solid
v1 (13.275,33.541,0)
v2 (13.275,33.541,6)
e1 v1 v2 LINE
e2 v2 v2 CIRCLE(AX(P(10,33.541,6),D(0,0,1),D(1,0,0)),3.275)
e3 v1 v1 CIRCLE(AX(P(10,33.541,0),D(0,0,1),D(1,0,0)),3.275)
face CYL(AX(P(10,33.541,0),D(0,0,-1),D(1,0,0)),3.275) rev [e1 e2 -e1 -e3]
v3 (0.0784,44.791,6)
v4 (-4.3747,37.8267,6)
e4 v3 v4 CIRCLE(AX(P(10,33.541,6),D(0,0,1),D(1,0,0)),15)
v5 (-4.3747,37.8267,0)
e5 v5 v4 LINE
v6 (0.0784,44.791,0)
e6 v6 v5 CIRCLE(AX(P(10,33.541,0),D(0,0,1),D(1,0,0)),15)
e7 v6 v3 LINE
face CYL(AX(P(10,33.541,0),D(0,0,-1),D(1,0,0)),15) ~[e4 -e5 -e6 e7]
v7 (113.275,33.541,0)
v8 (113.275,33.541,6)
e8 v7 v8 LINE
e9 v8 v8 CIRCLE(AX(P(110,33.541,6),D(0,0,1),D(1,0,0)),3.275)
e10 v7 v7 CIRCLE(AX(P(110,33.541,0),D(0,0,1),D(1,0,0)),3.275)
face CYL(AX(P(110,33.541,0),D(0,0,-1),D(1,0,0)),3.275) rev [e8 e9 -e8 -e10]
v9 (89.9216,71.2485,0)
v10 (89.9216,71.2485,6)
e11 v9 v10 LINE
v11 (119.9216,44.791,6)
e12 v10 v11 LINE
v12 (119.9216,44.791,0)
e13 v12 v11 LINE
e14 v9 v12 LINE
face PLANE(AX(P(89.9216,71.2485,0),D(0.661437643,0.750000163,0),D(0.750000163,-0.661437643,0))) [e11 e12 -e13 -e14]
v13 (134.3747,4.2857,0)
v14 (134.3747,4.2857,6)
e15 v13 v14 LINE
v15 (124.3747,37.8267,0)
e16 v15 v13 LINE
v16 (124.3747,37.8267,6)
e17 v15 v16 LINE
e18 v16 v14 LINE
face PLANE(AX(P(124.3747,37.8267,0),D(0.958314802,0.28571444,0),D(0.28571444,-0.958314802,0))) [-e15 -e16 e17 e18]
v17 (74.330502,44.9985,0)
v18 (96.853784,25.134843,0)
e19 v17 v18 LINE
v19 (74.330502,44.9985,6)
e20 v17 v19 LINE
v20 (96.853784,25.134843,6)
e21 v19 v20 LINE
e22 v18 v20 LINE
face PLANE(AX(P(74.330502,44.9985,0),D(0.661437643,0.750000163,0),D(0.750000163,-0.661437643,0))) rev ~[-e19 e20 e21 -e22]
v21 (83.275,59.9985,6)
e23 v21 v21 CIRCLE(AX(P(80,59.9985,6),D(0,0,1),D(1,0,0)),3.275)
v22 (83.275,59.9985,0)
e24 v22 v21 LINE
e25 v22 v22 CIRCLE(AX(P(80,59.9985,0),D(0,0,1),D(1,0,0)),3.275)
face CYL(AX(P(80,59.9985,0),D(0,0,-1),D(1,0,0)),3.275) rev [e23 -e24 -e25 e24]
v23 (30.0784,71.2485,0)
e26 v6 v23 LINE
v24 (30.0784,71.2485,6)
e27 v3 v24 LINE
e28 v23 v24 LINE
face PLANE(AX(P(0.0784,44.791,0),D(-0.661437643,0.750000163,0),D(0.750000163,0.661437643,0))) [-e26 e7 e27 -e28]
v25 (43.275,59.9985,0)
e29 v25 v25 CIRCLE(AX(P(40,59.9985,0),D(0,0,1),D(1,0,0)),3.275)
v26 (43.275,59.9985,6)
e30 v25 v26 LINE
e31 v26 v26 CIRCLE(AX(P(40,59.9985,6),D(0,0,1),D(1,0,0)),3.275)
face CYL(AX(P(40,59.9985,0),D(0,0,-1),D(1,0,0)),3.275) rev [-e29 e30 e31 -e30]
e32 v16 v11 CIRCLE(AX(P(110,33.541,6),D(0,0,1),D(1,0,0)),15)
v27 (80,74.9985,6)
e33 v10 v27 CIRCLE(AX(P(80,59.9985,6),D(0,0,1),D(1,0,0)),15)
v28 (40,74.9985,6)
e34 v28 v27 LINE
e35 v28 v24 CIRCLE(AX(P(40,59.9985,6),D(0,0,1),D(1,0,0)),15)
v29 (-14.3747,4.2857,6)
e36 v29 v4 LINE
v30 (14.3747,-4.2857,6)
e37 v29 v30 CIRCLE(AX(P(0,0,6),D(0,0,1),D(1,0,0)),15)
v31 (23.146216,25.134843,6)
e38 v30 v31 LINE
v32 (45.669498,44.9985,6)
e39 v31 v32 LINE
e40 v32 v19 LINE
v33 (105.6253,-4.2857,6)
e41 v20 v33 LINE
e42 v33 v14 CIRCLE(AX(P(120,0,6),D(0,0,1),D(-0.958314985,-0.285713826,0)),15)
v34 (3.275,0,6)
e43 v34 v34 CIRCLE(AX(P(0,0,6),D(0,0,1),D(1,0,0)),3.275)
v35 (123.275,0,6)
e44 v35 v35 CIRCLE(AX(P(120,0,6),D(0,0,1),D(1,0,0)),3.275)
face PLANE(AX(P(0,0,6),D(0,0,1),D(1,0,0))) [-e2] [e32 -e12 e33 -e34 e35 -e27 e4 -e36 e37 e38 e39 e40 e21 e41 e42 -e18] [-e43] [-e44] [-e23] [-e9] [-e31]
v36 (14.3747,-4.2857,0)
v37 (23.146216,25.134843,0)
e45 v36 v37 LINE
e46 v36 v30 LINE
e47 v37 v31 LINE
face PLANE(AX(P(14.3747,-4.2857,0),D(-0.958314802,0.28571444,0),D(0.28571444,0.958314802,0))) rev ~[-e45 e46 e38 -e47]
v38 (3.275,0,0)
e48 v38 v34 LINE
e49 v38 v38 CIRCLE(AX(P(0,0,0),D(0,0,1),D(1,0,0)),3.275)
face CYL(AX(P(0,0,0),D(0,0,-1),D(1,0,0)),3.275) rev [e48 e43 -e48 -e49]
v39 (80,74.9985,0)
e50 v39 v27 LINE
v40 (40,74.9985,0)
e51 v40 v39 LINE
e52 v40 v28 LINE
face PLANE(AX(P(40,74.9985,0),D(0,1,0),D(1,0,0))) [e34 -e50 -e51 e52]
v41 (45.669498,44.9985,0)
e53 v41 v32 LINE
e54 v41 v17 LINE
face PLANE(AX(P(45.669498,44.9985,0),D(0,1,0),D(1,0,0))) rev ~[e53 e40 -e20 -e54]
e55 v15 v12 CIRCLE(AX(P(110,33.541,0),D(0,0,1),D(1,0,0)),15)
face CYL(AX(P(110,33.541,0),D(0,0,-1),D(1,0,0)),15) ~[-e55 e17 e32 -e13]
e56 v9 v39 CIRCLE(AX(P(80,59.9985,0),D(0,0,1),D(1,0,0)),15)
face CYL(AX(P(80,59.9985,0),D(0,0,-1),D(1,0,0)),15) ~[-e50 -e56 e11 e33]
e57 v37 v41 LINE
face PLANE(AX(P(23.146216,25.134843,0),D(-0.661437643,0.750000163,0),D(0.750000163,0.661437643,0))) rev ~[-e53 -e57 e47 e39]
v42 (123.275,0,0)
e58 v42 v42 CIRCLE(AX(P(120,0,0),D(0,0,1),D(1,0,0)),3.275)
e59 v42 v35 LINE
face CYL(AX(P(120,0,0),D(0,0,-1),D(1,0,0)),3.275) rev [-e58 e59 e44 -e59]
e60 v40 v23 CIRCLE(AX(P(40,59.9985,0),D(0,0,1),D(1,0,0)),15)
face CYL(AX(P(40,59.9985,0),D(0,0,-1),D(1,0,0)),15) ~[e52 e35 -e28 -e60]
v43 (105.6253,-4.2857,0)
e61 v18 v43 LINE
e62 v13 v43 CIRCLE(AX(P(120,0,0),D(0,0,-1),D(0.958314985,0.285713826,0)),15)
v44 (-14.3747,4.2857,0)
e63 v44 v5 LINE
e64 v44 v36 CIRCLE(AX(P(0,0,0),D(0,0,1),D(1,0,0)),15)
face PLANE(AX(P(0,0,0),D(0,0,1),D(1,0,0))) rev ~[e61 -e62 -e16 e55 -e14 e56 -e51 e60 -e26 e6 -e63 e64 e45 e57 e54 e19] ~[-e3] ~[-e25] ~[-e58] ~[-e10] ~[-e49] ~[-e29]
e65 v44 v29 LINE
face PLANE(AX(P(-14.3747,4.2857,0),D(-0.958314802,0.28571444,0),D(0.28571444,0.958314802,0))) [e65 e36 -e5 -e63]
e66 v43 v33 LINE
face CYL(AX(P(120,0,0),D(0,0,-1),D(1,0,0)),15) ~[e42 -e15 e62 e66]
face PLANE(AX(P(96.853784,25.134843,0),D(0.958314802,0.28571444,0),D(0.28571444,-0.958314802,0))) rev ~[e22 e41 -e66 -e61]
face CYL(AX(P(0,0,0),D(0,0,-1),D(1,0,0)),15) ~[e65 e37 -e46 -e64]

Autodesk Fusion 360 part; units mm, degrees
sketch "Sketch1" plane through (0, 0, 0) normal (0, 0, 1) x (1, 0, 0)
  circle A0 centre (0, 0) radius 3.275
  circle A1 centre (120, 0) radius 3.275
  circle A2 centre (120, 0) radius 15 construction
  circle A3 centre (0, 0) radius 15 construction
  circle A4 centre (120, 0) radius 15 construction
  circle A5 centre (10, 33.541) radius 20 construction
  circle A6 centre (40, 59.9985) radius 20 construction
  circle A7 centre (110, 33.541) radius 20 construction
  circle A8 centre (80, 59.9985) radius 20 construction
  circle A9 centre (109.7709, 71.7327) radius 12 construction
  line L0 (143.6237, 88.934) -> (255.6237, 88.934) construction
  circle A10 centre (59.9233, -6.3144) radius 27.5 construction
  circle A11 centre (0, 0) radius 15 construction
  line L1 (150, 0) -> (-15, 0) construction
  circle A12 centre (0, 0) radius 17 construction
  circle A13 centre (120, 0) radius 17 construction
  circle A14 centre (10, 33.541) radius 3.275
  circle A15 centre (40, 59.9985) radius 3.275
  circle A16 centre (80, 59.9985) radius 3.275
  circle A17 centre (110, 33.541) radius 3.275
  circle A18 centre (0, 0) radius 15
  circle A19 centre (10, 33.541) radius 15
  circle A20 centre (40, 59.9985) radius 15
  circle A21 centre (80, 59.9985) radius 15
  circle A22 centre (110, 33.541) radius 15
  circle A23 centre (120, 0) radius 15
  line L2 (-14.3747, 4.2857) -> (-4.3747, 37.8267)
  line L3 (0.0784, 44.791) -> (30.0784, 71.2485)
  line L4 (40, 74.9985) -> (80, 74.9985)
  line L5 (14.3747, -4.2857) -> (24.3747, 29.2553)
  line L6 (19.9216, 22.291) -> (49.9216, 48.7485)
  line L7 (40, 44.9985) -> (80, 44.9985)
  line L8 (70.0784, 48.7485) -> (100.0784, 22.291)
  line L9 (89.9216, 71.2485) -> (119.9216, 44.791)
  line L10 (95.6253, 29.2553) -> (105.6253, -4.2857)
  line L11 (124.3747, 37.8267) -> (134.3747, 4.2857)
  point P0 (105, 0)
  point P1 (15, 0)
  dimension "d2" = 6.55
  dimension "d3" = 6.55
  dimension "d4" = 120
  dimension "d7" = 30
  dimension "d10" = 30
  dimension "d11" = 30
  dimension "d20" = 40
  dimension "d26" = 24
  dimension "d27" = 112
  dimension "d28" = 55
  dimension "d31" = 30
  dimension "d33" = 165
  dimension "d35" = 90
  dimension "d36" = 100
  dimension "d37" = 34
  dimension "d38" = 34
  dimension "d40" = 6.55
  dimension "d41" = 6.55
  dimension "d42" = 6.55
  dimension "d43" = 6.55
  dimension "d44" = 30
  dimension "d45" = 30
  dimension "d46" = 30
  dimension "d47" = 30
  dimension "d48" = 30
  dimension "d49" = 30
extrude "Extrude2" add sketch "Sketch1" along normal blind 6
equation "SlipGearNominal = 209.5 mm"
equation "d2 = HoleSize"
equation "d3 = HoleSize"
equation "SlipGearOffset = 0.5 mm"
equation "HoleSize = 6.55 mm"
equation "d40 = HoleSize"
equation "d41 = HoleSize"
equation "d42 = HoleSize"
equation "d43 = HoleSize"
